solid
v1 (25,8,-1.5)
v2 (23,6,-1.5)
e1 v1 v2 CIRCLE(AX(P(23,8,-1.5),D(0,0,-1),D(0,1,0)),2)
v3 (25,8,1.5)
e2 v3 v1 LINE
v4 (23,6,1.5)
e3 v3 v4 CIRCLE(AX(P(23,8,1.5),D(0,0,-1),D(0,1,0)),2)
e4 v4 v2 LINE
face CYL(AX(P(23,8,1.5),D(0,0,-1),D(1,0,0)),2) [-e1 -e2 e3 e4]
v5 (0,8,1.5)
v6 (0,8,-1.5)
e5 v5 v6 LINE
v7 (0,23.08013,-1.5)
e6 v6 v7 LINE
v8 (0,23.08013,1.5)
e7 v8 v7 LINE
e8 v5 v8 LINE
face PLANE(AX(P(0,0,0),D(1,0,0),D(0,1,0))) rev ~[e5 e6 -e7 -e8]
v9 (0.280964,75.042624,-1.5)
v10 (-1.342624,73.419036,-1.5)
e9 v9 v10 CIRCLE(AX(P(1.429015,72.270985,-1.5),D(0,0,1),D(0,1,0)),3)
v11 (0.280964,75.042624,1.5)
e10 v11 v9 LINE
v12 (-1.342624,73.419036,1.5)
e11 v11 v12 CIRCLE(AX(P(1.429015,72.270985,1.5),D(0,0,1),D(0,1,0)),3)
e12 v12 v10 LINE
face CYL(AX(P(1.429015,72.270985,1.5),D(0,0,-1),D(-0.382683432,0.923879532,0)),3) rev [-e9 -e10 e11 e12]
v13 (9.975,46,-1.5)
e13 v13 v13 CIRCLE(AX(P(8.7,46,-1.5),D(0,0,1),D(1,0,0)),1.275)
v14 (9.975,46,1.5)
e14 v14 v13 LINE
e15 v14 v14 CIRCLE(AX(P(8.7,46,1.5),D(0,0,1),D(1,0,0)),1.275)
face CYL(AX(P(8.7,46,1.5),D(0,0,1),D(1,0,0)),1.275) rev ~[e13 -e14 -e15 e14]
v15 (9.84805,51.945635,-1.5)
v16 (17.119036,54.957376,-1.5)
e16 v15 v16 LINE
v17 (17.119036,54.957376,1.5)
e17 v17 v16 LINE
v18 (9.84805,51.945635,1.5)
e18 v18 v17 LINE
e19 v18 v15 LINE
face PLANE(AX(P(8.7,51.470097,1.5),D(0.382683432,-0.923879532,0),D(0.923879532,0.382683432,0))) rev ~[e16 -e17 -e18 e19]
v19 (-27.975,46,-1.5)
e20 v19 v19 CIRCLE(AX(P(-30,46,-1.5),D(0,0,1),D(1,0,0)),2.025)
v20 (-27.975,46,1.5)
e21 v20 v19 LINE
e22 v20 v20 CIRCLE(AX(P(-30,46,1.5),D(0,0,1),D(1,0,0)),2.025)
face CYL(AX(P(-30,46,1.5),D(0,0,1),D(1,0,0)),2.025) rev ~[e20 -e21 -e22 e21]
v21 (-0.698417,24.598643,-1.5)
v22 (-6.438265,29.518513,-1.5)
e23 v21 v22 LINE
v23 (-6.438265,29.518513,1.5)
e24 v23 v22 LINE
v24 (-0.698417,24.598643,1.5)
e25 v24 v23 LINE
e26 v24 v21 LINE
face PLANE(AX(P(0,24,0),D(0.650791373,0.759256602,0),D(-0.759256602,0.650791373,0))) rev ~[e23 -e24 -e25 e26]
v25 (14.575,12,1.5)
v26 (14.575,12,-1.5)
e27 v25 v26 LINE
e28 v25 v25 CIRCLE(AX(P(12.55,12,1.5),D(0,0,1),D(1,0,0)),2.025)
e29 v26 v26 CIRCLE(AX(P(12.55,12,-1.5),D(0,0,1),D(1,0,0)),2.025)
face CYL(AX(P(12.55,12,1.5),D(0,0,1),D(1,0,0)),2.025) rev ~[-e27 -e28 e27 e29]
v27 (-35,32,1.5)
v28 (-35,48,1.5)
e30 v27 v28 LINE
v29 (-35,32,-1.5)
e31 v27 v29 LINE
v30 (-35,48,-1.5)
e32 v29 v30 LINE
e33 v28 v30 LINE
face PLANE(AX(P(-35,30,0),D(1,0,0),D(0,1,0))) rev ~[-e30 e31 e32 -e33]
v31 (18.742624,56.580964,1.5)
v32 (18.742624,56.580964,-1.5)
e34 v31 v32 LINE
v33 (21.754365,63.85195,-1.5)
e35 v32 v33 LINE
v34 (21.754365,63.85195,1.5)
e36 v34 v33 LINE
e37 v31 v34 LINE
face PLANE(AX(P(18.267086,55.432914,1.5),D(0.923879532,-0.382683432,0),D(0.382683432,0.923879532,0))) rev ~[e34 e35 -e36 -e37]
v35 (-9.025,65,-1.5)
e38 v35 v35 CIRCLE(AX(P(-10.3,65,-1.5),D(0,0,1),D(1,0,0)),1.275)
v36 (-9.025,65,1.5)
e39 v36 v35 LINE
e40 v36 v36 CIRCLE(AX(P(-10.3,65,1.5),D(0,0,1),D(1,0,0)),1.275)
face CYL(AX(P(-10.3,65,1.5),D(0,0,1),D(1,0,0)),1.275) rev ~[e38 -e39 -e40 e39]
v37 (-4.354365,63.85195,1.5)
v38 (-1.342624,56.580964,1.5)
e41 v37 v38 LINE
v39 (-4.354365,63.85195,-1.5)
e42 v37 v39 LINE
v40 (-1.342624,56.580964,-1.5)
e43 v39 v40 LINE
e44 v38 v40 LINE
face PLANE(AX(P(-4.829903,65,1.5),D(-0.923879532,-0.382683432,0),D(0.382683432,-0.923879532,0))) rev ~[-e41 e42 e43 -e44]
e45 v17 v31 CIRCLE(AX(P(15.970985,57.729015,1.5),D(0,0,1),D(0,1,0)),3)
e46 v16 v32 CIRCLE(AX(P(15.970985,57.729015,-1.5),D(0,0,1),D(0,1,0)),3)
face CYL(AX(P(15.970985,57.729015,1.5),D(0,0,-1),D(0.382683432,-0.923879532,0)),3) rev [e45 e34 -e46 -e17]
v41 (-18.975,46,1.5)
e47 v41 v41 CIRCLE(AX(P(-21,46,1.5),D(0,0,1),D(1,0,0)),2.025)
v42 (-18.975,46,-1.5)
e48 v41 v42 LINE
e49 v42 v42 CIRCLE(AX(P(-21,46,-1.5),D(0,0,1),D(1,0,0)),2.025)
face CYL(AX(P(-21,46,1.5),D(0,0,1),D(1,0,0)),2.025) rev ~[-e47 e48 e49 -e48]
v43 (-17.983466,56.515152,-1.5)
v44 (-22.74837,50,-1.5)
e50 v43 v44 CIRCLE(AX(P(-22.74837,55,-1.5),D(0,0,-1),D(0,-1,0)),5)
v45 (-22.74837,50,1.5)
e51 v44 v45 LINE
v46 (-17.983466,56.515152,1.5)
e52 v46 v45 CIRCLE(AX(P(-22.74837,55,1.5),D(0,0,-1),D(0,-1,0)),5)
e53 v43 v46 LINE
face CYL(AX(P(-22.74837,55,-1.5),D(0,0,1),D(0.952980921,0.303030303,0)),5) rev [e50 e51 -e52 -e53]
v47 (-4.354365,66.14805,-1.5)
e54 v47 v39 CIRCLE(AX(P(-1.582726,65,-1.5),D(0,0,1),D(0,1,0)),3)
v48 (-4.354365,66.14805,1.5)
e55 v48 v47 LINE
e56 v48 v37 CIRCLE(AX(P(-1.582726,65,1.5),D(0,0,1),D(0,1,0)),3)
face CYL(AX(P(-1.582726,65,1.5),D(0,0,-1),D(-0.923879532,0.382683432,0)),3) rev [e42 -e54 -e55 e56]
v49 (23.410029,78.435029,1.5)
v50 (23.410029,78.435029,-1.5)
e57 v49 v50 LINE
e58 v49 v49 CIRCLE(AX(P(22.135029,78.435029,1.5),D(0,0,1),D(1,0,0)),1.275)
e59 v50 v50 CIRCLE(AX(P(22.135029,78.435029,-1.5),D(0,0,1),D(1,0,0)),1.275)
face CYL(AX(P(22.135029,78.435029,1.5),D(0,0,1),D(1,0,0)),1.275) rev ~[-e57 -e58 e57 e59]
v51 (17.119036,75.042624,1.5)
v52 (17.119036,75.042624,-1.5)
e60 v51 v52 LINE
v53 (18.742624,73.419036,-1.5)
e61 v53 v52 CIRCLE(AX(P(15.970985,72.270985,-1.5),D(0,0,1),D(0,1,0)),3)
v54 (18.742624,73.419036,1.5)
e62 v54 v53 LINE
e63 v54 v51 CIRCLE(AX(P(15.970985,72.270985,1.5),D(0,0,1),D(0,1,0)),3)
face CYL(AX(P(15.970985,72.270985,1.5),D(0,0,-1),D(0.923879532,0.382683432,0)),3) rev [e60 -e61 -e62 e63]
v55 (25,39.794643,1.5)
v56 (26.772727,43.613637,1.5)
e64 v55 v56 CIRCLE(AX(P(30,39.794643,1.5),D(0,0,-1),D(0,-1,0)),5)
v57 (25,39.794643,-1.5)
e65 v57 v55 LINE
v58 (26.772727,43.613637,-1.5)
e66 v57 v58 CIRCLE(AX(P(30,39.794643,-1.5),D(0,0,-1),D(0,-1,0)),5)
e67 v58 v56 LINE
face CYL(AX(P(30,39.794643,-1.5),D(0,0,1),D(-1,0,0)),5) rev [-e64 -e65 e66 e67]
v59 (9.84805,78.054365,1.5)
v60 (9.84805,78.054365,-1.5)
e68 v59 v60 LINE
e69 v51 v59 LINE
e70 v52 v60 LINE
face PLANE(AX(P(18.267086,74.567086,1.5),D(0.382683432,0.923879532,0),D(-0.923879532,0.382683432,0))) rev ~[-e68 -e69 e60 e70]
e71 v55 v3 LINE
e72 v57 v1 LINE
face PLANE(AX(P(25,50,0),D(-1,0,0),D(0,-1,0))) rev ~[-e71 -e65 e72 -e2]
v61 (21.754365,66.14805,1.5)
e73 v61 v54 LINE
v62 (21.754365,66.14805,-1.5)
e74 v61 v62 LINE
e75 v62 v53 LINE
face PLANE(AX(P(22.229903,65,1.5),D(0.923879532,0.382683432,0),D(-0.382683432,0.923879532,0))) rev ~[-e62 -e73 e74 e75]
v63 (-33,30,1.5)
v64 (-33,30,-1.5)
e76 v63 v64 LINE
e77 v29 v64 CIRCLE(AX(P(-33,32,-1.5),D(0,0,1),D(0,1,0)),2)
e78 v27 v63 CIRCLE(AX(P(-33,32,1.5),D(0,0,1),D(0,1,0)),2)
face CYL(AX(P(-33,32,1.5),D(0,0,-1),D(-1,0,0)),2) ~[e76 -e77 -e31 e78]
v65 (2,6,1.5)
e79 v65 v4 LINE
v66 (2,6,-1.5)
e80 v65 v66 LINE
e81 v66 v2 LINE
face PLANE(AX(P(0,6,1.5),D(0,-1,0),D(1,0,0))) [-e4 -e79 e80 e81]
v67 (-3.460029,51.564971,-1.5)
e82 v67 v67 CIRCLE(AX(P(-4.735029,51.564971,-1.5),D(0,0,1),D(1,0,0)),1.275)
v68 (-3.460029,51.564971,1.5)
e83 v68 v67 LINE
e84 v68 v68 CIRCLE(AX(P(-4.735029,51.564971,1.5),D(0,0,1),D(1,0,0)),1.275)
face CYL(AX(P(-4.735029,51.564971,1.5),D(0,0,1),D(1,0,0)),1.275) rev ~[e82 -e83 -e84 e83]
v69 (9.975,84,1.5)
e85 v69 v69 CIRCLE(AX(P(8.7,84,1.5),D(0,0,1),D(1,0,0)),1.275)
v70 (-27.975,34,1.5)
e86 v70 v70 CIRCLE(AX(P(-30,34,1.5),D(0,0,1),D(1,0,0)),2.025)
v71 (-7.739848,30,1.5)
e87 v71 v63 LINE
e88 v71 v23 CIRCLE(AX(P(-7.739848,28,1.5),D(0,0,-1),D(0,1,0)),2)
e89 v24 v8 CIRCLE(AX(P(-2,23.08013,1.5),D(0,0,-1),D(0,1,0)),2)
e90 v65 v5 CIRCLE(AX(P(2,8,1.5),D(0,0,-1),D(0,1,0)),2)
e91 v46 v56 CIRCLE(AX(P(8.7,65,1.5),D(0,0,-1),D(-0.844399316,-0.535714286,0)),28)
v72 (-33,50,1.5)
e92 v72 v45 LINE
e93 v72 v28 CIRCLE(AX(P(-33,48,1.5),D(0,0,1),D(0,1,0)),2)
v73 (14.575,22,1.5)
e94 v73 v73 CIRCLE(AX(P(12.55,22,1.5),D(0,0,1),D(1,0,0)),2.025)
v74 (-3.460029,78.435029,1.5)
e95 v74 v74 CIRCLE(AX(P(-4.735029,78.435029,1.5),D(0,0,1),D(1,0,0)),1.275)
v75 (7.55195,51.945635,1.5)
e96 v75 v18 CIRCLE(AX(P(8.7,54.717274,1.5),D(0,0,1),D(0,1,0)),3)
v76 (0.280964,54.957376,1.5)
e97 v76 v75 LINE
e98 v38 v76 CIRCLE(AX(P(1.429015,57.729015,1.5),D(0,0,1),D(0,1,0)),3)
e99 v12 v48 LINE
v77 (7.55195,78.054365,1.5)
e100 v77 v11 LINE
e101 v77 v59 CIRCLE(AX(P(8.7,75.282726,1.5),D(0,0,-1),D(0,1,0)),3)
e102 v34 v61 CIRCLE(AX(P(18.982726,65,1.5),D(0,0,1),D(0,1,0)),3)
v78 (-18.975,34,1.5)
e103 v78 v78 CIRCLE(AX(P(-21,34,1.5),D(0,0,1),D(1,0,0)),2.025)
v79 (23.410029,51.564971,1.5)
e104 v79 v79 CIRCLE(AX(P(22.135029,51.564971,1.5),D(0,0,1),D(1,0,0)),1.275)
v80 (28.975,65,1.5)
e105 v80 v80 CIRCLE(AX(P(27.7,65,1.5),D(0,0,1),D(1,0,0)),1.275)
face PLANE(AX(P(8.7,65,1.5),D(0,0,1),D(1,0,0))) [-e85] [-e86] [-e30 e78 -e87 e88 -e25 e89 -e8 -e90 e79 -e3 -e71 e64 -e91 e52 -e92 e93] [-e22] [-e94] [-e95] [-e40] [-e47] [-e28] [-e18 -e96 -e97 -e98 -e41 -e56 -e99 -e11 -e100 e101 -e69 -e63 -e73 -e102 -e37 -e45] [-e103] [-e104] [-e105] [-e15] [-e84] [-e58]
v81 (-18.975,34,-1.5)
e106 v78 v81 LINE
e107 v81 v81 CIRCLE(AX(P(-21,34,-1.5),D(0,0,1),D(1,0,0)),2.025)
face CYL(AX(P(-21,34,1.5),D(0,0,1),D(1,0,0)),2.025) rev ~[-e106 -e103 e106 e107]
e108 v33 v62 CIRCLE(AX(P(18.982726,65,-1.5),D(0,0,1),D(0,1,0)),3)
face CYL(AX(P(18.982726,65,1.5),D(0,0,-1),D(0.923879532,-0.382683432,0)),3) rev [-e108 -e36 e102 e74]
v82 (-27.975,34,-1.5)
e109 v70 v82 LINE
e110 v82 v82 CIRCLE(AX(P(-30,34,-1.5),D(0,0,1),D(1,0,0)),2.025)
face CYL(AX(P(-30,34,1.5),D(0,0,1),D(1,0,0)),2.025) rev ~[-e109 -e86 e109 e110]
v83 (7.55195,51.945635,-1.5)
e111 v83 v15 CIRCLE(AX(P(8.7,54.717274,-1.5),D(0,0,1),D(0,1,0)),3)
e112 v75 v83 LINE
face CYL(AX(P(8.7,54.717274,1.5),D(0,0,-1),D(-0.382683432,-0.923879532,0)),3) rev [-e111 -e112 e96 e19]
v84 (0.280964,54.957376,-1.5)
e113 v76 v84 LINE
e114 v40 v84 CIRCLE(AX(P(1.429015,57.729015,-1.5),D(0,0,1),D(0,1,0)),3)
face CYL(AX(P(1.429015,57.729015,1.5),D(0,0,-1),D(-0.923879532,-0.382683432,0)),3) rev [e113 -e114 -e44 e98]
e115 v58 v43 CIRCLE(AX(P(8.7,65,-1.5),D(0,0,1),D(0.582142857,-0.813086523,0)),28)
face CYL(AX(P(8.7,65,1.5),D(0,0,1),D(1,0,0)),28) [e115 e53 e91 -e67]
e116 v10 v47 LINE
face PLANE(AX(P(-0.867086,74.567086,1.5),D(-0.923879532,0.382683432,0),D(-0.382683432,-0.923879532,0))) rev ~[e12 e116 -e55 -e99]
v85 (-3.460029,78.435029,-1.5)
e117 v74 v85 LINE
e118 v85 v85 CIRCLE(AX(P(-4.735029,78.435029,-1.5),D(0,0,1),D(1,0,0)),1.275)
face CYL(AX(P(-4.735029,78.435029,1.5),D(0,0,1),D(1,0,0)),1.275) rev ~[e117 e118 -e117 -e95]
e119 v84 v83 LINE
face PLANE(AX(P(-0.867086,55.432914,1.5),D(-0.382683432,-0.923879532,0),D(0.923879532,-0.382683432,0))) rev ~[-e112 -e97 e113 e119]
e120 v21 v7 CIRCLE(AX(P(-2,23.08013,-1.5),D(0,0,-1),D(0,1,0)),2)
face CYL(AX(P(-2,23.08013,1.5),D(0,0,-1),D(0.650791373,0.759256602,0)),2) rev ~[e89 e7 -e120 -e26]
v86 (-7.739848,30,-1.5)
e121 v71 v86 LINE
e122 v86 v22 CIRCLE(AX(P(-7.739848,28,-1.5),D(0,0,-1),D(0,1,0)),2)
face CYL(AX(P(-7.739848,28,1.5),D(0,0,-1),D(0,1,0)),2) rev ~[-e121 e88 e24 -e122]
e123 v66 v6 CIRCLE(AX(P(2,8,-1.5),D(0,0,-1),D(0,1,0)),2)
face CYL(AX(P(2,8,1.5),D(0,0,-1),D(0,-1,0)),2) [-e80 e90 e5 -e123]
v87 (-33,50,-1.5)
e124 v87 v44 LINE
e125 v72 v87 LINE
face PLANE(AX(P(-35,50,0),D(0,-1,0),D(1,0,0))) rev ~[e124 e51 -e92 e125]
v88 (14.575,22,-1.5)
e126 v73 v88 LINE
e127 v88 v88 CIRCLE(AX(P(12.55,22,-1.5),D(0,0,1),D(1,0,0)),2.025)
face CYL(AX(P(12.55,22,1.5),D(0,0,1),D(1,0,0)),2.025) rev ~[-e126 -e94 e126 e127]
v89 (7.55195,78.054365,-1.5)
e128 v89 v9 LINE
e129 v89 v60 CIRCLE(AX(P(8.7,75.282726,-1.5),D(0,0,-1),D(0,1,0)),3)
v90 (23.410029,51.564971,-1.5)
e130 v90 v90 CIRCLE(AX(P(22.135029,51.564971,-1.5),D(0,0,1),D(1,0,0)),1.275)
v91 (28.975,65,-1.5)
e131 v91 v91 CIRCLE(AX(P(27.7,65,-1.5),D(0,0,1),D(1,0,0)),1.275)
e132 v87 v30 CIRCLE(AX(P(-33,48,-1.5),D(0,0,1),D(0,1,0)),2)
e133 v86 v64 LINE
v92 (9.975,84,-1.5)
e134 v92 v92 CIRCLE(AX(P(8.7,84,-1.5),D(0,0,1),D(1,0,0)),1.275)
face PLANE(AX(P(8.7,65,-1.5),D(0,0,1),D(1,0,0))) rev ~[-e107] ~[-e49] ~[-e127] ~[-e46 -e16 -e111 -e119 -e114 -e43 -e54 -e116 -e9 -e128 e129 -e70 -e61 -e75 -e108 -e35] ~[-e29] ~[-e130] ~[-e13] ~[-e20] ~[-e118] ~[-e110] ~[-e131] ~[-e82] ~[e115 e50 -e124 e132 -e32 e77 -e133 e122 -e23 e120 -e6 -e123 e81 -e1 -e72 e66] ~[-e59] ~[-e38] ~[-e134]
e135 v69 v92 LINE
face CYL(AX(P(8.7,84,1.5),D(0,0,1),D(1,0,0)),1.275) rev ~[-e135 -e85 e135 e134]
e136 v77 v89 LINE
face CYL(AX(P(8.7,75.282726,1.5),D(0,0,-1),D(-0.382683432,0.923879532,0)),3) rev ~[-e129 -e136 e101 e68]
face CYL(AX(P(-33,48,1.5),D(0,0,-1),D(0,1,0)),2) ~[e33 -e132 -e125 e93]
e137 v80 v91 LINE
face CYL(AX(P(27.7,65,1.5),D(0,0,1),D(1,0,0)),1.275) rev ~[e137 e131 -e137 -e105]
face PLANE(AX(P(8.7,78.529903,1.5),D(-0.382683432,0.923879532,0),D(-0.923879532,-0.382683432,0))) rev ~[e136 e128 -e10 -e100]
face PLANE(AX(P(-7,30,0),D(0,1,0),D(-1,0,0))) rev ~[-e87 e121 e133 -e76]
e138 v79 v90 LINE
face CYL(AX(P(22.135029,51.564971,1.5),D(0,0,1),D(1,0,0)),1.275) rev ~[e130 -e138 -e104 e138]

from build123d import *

# Parameters (mm, degrees)
EXTRUDE_1_DEPTH          = 1.5
SKETCH_2_R               = 28
EXTRUDE_2_DEPTH          = 3
FILLET_1_R               = 2
SKETCH_3_R               = 1.275
CUT_EXTRUDE_1_DEPTH      = 4
SKETCH_4_R               = 2.025
CUT_EXTRUDE_2_DEPTH      = 4
SKETCH_5_W               = 25
SKETCH_5_H               = 6
CUT_EXTRUDE_3_DEPTH      = 4
FILLET_2_R               = 2
SKETCH_6_R               = 2.025
CUT_EXTRUDE_4_DEPTH      = 10
FILLET_3_R               = 5
SKETCH_7_R               = 2.025
CUT_EXTRUDE_5_DEPTH      = 1
CUT_EXTRUDE_5_DEPTH_BACK = 4
CUT_EXTRUDE_6_DEPTH      = 10
FILLET_4_R               = 3


with BuildPart() as part:
    # 草图1 → 凸台-拉伸1 (new body, symmetric)
    with BuildSketch(Plane.XY):
        Polygon((0, 0), (0, 24), (-7, 30), (-35, 30), (-35, 50), (25, 50), (25, 0), align=None)
    extrude(amount=EXTRUDE_1_DEPTH, both=True)

    # 草图2 → 凸台-拉伸2 (add)
    with BuildSketch(Plane.XY.offset(1.5)):
        with Locations((8.7, 65)):
            Circle(SKETCH_2_R)
    extrude(amount=-EXTRUDE_2_DEPTH)

    # 圆角1
    fillet_1_edges = [part.edges().sort_by_distance(p)[0] for p in [
        (0, 0, 0),
        (0, 24, 0),
        (-7, 30, 0),
        (-35, 30, 0),
        (-35, 50, 0),
        (25, 0, 0),
    ]]
    fillet(fillet_1_edges, radius=FILLET_1_R)

    # 草图3 → 切除-拉伸1 (cut, through all)
    with BuildSketch(Plane.XY.offset(1.5)):
        with Locations((22.135028843, 78.435028843)):
            Circle(SKETCH_3_R)
        with Locations((27.7, 65)):
            Circle(SKETCH_3_R)
        with Locations((22.135028843, 51.564971157)):
            Circle(SKETCH_3_R)
        with Locations((8.7, 46)):
            Circle(SKETCH_3_R)
        with Locations((-4.735028843, 51.564971157)):
            Circle(SKETCH_3_R)
        with Locations((-10.3, 65)):
            Circle(SKETCH_3_R)
        with Locations((-4.735028843, 78.435028843)):
            Circle(SKETCH_3_R)
        with Locations((8.7, 84)):
            Circle(SKETCH_3_R)
    extrude(amount=-CUT_EXTRUDE_1_DEPTH, mode=Mode.SUBTRACT)

    # 草图4 → 切除-拉伸2 (cut, through all)
    with BuildSketch(Plane.XY.offset(1.5)):
        with Locations((12.55, 22)):
            Circle(SKETCH_4_R)
        with Locations((12.55, 12)):
            Circle(SKETCH_4_R)
    extrude(amount=-CUT_EXTRUDE_2_DEPTH, mode=Mode.SUBTRACT)

    # 草图5 → 切除-拉伸3 (cut, through all)
    with BuildSketch(Plane.XY.offset(1.5)):
        with Locations((12.5, 3)):
            Rectangle(SKETCH_5_W, SKETCH_5_H)
    extrude(amount=-CUT_EXTRUDE_3_DEPTH, mode=Mode.SUBTRACT)

    # 圆角2
    fillet_2_edges = [part.edges().sort_by_distance(p)[0] for p in [
        (0, 6, 0),
        (25, 6, 0),
    ]]
    fillet(fillet_2_edges, radius=FILLET_2_R)

    # 草图6 → 切除-拉伸4 (cut)
    with BuildSketch(Plane.XY.offset(1.5)):
        with Locations((-30, 46)):
            Circle(SKETCH_6_R)
        with Locations((-30, 34)):
            Circle(SKETCH_6_R)
    extrude(amount=-CUT_EXTRUDE_4_DEPTH, mode=Mode.SUBTRACT)

    # 圆角3
    fillet_3_edges = [part.edges().sort_by_distance(p)[0] for p in [
        (25, 42.233577356, 0),
        (-14.943180835, 50, 0),
    ]]
    fillet(fillet_3_edges, radius=FILLET_3_R)

    # 草图7 → 切除-拉伸5 (cut, two sides)
    with BuildSketch(Plane.XY.offset(1.5)) as cut_extrude_5_sk:
        with Locations((-21, 46)):
            Circle(SKETCH_7_R)
        with Locations((-21, 34)):
            Circle(SKETCH_7_R)
    extrude(amount=CUT_EXTRUDE_5_DEPTH, mode=Mode.SUBTRACT)
    extrude(cut_extrude_5_sk.sketch, amount=-CUT_EXTRUDE_5_DEPTH_BACK, mode=Mode.SUBTRACT)

    # 草图8 → 切除-拉伸6 (cut)
    with BuildSketch(Plane.XY.offset(1.5)):
        Polygon((8.7, 78.529902504), (-0.867085809, 74.567085809), (-4.829902504, 65), (-0.867085809, 55.432914191), (8.7, 51.470097496), (18.267085809, 55.432914191), (22.229902504, 65), (18.267085809, 74.567085809), align=None)
    extrude(amount=-CUT_EXTRUDE_6_DEPTH, mode=Mode.SUBTRACT)

    # 圆角4
    fillet_4_edges = [part.edges().sort_by_distance(p)[0] for p in [
        (8.7, 78.529902504, 0),
        (18.267085809, 74.567085809, 0),
        (22.229902504, 65, 0),
        (18.267085809, 55.432914191, 0),
        (8.7, 51.470097496, 0),
        (-0.867085809, 55.432914191, 0),
        (-4.829902504, 65, 0),
        (-0.867085809, 74.567085809, 0),
    ]]
    fillet(fillet_4_edges, radius=FILLET_4_R)


solid = part.part
